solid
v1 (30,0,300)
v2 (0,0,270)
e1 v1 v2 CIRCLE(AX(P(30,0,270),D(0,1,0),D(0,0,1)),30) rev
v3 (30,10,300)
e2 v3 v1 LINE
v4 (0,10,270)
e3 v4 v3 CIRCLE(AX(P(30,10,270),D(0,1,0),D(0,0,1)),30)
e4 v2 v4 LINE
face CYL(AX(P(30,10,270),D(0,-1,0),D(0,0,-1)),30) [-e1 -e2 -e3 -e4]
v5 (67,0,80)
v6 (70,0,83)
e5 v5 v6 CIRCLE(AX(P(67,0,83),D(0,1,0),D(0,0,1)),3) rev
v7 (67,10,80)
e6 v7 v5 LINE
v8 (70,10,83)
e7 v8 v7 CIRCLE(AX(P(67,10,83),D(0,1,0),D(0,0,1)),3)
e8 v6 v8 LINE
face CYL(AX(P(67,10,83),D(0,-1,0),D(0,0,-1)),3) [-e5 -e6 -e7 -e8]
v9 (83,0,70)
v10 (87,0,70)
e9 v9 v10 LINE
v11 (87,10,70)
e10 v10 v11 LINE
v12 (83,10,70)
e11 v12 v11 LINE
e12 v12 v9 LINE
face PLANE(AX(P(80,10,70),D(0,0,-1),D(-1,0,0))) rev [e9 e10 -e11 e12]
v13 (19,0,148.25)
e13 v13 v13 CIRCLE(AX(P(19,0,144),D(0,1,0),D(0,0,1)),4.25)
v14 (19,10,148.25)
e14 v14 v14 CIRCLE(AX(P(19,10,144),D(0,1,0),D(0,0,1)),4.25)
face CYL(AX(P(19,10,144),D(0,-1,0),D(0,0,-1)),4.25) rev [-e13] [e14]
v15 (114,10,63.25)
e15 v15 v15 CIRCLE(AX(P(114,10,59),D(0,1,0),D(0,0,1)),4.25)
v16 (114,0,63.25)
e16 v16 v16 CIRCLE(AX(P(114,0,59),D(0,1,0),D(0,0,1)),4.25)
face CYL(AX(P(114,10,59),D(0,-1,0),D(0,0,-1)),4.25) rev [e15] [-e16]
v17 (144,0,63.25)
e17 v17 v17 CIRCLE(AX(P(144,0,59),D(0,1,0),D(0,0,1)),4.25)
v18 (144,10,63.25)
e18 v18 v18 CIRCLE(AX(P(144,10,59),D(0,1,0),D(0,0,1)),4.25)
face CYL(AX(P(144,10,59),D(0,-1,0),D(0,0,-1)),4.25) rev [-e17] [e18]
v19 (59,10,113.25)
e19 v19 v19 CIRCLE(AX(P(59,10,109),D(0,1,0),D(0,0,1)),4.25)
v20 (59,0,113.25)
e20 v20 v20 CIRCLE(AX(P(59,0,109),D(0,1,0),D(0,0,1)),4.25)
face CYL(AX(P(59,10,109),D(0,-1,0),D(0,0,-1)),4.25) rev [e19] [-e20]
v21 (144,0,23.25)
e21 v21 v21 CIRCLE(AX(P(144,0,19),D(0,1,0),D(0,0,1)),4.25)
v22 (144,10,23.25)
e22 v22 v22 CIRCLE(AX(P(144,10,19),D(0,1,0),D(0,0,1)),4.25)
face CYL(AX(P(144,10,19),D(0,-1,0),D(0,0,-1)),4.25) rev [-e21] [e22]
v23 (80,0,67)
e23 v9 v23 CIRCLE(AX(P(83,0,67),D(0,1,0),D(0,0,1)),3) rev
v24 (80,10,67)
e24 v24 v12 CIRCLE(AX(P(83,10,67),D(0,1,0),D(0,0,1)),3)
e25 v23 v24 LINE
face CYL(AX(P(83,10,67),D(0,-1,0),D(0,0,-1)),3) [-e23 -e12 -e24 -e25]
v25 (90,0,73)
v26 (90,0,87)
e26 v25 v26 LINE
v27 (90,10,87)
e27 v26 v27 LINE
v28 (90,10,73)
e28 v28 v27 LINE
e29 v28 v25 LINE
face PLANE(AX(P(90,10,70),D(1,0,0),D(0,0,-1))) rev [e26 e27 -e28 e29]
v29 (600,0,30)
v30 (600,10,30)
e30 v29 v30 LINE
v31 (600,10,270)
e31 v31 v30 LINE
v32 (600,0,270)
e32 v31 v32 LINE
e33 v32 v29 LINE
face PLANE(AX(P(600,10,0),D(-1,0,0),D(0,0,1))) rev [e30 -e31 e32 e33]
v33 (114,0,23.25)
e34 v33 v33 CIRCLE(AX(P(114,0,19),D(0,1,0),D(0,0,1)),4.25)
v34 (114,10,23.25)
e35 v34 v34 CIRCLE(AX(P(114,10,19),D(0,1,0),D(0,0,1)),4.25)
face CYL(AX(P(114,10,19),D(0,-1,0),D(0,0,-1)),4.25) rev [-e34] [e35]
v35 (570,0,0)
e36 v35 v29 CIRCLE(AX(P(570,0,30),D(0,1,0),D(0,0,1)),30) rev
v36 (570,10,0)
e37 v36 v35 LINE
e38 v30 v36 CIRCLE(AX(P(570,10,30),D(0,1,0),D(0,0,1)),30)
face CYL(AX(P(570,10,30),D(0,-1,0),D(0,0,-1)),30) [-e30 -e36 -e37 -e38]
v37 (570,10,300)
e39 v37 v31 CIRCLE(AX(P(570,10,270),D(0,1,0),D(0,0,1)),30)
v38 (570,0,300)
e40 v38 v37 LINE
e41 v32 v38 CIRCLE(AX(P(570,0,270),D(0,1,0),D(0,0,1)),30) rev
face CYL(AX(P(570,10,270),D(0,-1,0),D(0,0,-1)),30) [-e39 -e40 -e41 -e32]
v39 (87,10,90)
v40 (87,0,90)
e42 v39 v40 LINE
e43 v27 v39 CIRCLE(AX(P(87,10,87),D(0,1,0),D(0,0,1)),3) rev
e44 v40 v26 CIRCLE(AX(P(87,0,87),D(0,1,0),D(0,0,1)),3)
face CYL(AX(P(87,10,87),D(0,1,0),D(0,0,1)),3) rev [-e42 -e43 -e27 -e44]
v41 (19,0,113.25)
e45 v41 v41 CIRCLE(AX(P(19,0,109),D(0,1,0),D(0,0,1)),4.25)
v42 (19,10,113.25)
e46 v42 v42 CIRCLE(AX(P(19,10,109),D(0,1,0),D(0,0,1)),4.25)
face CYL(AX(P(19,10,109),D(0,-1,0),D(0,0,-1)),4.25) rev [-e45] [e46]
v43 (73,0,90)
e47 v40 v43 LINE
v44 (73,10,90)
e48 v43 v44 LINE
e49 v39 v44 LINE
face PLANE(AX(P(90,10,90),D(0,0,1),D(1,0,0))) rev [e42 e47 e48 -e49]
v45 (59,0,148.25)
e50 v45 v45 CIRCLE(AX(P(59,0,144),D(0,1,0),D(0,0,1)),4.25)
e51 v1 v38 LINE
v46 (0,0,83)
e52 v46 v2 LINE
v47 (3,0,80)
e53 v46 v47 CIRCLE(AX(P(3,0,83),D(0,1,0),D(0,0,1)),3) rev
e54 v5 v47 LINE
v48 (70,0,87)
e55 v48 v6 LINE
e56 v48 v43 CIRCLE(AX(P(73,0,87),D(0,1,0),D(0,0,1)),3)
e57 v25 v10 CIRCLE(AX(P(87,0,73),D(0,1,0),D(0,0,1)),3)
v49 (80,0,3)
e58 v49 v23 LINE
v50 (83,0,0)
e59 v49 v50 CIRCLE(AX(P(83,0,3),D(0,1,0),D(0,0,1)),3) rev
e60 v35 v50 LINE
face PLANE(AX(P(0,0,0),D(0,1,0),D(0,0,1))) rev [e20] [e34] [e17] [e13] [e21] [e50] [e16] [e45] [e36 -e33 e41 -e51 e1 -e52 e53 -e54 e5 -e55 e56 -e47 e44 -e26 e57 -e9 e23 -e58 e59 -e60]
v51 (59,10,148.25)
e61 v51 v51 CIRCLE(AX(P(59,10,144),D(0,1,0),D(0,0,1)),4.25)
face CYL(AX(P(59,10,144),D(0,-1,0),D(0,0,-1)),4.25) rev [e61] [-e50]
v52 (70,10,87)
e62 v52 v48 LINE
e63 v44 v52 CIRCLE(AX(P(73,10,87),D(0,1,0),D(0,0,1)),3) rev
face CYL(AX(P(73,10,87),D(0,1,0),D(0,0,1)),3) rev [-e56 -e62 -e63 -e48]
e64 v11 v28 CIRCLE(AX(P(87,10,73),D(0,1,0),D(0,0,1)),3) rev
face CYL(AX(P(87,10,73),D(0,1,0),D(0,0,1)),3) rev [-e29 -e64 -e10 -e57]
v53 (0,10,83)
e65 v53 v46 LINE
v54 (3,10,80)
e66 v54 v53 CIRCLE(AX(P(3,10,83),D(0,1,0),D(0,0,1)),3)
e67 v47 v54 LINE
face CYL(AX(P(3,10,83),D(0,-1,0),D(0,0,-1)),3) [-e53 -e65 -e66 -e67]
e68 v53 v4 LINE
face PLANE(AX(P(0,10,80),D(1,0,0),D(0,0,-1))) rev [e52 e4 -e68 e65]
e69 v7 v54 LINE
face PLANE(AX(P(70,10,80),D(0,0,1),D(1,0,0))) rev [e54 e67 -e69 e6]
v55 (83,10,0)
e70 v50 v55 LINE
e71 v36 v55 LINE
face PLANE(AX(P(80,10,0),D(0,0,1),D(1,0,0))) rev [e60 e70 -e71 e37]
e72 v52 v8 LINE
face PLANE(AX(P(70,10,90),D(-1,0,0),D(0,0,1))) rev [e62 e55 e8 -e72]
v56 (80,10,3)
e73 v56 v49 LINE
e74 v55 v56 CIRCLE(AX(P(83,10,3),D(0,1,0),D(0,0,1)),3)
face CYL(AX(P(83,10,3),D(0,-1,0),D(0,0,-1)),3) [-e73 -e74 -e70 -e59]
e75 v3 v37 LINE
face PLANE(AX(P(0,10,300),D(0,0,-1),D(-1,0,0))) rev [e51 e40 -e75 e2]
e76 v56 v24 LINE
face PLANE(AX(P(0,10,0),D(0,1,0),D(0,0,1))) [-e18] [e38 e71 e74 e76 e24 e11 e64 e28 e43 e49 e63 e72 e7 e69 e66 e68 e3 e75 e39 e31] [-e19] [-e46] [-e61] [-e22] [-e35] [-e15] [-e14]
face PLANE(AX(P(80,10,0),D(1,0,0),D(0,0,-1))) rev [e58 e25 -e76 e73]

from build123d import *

# Parameters (mm, degrees)
SKETCH_1_R      = 4.25
EXTRUDE_1_DEPTH = 10
FILLET_1_R      = 30
FILLET_2_R      = 3


with BuildPart() as part:
    # 草图1 → 凸台-拉伸1 (new body)
    with BuildSketch(Plane(origin=(0, 0, 0), x_dir=(1, 0, 0), z_dir=(0, 1, 0))):
        Polygon((80, 0), (80, -70), (90, -70), (90, -90), (70, -90), (70, -80), (0, -80), (0, -300), (600, -300), (600, 0), align=None)
        with Locations(Location((144, -19, 0), (0, 0, 270))):
            Circle(SKETCH_1_R, mode=Mode.SUBTRACT)
        with Locations(Location((114, -19, 0), (0, 0, 270))):
            Circle(SKETCH_1_R, mode=Mode.SUBTRACT)
        with Locations(Location((144, -59, 0), (0, 0, 270))):
            Circle(SKETCH_1_R, mode=Mode.SUBTRACT)
        with Locations(Location((114, -59, 0), (0, 0, 270))):
            Circle(SKETCH_1_R, mode=Mode.SUBTRACT)
        with Locations(Location((19, -109, 0), (0, 0, 270))):
            Circle(SKETCH_1_R, mode=Mode.SUBTRACT)
        with Locations(Location((59, -109, 0), (0, 0, 270))):
            Circle(SKETCH_1_R, mode=Mode.SUBTRACT)
        with Locations(Location((19, -144, 0), (0, 0, 270))):
            Circle(SKETCH_1_R, mode=Mode.SUBTRACT)
        with Locations(Location((59, -144, 0), (0, 0, 270))):
            Circle(SKETCH_1_R, mode=Mode.SUBTRACT)
    extrude(amount=EXTRUDE_1_DEPTH)

    # 圆角1
    fillet_1_edges = [part.edges().sort_by_distance(p)[0] for p in [
        (600, 5, 300),
        (0, 5, 300),
        (600, 5, 0),
    ]]
    fillet(fillet_1_edges, radius=FILLET_1_R)

    # 圆角2
    fillet_2_edges = [part.edges().sort_by_distance(p)[0] for p in [
        (0, 5, 80),
        (70, 5, 80),
        (70, 5, 90),
        (90, 5, 90),
        (90, 5, 70),
        (80, 5, 70),
        (80, 5, 0),
    ]]
    fillet(fillet_2_edges, radius=FILLET_2_R)


solid = part.part
